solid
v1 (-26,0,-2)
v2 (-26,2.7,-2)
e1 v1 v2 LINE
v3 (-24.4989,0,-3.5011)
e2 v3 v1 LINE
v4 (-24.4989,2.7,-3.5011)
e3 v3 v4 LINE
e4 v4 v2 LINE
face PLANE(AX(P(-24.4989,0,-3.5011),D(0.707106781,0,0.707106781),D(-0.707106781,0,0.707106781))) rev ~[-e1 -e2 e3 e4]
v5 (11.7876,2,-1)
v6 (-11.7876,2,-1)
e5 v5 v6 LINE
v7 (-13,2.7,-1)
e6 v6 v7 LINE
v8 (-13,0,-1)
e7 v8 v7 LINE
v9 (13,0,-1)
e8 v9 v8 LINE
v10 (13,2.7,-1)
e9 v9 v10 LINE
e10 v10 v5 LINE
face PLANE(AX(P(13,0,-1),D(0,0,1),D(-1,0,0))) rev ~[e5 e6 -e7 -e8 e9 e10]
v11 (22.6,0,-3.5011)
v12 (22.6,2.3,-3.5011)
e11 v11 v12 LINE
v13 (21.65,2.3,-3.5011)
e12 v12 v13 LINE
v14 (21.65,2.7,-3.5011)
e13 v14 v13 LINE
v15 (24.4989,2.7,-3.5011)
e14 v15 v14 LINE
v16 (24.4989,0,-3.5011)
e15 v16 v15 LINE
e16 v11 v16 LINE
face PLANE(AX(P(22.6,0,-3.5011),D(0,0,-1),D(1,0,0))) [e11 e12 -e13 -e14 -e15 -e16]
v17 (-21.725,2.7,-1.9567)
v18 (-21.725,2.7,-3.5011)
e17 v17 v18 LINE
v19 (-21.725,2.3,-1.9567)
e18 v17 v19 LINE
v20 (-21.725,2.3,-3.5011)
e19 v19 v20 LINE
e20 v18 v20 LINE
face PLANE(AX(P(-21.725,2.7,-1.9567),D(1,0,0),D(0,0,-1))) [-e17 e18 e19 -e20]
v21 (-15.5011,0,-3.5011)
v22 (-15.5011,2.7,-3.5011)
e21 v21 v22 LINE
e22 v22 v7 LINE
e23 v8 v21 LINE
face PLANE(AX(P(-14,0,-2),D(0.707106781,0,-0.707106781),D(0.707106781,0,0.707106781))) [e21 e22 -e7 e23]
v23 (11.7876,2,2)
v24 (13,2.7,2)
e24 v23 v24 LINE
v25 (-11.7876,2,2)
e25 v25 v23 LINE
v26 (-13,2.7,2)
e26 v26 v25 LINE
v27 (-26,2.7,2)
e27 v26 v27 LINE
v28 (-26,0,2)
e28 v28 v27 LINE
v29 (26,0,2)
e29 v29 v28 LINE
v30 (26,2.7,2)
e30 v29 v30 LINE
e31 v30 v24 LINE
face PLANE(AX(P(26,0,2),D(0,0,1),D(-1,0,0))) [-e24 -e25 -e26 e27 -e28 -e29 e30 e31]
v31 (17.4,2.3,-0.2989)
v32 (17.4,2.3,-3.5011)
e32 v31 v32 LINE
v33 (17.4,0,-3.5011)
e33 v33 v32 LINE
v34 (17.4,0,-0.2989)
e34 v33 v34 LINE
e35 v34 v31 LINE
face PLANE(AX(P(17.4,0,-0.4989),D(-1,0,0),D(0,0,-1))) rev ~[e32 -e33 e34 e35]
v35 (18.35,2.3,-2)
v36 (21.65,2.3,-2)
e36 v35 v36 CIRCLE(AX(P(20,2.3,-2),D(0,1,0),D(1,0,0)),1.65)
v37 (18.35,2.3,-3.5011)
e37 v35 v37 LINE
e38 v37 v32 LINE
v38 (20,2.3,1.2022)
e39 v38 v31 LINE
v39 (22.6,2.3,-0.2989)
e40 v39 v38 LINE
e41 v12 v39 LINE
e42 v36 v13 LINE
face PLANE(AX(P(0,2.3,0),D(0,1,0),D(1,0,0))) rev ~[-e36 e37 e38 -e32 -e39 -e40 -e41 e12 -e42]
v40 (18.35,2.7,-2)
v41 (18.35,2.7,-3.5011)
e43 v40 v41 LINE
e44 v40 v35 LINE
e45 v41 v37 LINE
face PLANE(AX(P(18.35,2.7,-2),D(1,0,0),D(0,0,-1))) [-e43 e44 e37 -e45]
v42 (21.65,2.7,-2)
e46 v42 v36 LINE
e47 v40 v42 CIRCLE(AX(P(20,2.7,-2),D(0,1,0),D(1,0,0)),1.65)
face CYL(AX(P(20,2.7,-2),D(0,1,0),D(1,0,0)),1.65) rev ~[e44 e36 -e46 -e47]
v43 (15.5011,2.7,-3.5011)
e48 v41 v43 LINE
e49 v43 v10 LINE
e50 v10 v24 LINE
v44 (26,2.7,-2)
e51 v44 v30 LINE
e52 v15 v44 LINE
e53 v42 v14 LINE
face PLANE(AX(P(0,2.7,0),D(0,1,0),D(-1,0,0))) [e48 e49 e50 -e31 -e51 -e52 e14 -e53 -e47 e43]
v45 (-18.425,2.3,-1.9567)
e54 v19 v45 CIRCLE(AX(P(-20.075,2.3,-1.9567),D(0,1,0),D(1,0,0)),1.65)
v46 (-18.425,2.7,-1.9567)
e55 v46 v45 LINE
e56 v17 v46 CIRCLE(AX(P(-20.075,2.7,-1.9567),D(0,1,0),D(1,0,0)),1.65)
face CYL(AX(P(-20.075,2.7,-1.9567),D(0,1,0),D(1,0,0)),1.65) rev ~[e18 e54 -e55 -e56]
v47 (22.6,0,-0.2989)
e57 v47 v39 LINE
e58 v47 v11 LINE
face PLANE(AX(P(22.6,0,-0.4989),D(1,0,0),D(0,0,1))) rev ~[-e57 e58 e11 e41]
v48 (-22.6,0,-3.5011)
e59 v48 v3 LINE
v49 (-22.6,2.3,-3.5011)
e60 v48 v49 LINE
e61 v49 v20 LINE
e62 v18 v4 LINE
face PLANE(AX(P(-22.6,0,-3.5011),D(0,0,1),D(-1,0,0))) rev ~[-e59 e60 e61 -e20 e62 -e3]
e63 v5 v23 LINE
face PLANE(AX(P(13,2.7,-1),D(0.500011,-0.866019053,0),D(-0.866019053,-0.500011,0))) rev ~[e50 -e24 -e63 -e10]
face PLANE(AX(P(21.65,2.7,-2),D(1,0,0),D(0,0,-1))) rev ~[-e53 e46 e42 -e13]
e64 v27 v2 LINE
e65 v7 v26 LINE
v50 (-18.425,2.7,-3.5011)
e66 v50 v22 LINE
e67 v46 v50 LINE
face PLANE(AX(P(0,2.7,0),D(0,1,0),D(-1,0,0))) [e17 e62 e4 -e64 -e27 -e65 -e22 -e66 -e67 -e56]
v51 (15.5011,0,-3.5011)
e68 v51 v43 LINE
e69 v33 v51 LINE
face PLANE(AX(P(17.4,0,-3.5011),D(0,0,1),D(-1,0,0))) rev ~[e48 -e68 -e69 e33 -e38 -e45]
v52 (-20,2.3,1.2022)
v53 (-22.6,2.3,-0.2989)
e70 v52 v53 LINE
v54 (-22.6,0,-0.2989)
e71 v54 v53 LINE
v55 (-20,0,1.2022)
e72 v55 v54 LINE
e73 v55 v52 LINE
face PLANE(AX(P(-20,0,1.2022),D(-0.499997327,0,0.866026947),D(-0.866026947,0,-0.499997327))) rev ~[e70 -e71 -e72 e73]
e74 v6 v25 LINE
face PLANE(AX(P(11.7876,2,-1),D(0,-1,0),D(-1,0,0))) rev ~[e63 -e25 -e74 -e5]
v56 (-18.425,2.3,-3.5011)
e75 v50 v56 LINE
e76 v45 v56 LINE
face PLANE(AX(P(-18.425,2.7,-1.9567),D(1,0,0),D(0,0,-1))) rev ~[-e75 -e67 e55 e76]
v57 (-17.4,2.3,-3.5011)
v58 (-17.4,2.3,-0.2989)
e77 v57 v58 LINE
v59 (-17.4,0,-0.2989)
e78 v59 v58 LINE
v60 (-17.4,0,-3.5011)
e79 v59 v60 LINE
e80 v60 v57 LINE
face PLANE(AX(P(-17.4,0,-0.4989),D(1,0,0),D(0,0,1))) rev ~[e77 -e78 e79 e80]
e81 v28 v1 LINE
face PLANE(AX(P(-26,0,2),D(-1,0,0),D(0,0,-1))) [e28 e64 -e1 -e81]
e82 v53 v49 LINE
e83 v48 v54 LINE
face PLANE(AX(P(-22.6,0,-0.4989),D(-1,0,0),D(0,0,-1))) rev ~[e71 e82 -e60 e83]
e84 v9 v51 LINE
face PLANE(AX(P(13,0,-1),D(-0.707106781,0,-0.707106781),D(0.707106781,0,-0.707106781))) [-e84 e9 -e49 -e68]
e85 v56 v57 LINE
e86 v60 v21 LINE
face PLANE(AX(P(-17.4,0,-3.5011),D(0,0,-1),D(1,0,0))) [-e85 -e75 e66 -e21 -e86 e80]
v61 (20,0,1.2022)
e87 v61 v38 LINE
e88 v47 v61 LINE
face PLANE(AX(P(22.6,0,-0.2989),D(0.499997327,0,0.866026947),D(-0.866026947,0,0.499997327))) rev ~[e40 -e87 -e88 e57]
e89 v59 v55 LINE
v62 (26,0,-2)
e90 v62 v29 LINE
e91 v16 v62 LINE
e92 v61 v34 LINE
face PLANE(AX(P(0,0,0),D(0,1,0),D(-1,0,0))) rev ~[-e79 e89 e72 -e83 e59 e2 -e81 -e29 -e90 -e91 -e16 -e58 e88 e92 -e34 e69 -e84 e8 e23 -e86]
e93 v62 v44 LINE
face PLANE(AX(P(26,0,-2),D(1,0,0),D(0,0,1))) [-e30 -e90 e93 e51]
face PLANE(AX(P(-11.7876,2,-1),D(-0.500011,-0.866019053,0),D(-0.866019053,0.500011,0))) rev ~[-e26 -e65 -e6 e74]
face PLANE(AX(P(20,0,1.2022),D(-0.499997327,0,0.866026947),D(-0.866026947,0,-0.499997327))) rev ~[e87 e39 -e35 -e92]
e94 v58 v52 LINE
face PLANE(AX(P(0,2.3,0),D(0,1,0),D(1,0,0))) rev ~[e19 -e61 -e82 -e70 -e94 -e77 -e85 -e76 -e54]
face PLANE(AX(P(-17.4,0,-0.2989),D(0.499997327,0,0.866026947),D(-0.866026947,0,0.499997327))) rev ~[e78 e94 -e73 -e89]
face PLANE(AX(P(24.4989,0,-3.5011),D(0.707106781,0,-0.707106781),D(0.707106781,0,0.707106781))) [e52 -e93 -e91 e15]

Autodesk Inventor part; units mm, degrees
ref_plane "YZ Plane" through (0, 0, 0) normal (1, 0, 0) x (0, 1, 0)
ref_plane "XZ Plane" through (0, 0, 0) normal (0, 1, 0) x (-1, 0, 0)
ref_plane "XY Plane" through (0, 0, 0) normal (0, 0, 1) x (1, 0, 0)
sketch "Náčrt1" plane through (0, 0, 0) normal (0, 1, 0) x (-1, 0, 0)
  line L0 (14, -2) -> (10.9978, 1.0022)
  line L1 (10.9978, 1.0022) -> (-10.9978, 1.0022)
  line L2 (-10.9978, 1.0022) -> (-14, -2)
  line L3 (-14, -2) -> (-26, -2)
  line L4 (-26, -2) -> (-26, 2)
  line L5 (-26, 2) -> (26, 2)
  line L6 (26, 2) -> (26, -2)
  line L7 (26, -2) -> (14, -2)
  line L8 (20, 1.0022) -> (22.6, -0.4989)
  line L9 (22.6, -0.4989) -> (22.6, -3.5011)
  line L10 (22.6, -3.5011) -> (20, -5.0022)
  line L11 (20, -5.0022) -> (17.4, -3.5011)
  line L12 (17.4, -3.5011) -> (17.4, -0.4989)
  line L13 (17.4, -0.4989) -> (20, 1.0022)
  line L14 (-20, 1.0022) -> (-17.4, -0.4989)
  line L15 (-17.4, -0.4989) -> (-17.4, -3.5011)
  line L16 (-17.4, -3.5011) -> (-20, -5.0022)
  line L17 (-20, -5.0022) -> (-22.6, -3.5011)
  line L18 (-22.6, -3.5011) -> (-22.6, -0.4989)
  line L19 (-22.6, -0.4989) -> (-20, 1.0022)
  line L20 (26, 2) -> (0, 0) construction
  line L21 (0, 0) -> (-26, 2) construction
  line L22 (26, -2) -> (0, 0) construction
  line L23 (-17.4, -3.5011) -> (-15.5011, -3.5011)
  line L24 (-15.5011, -3.5011) -> (-14, -2)
  line L25 (17.4, -3.5011) -> (15.5011, -3.5011)
  line L26 (15.5011, -3.5011) -> (14, -2)
  line L27 (-22.6, -3.5011) -> (-24.4989, -3.5011)
  line L28 (-24.4989, -3.5011) -> (-26, -2)
  line L29 (22.6, -3.5011) -> (24.4989, -3.5011)
  line L30 (24.4989, -3.5011) -> (26, -2)
  line L31 (-13, -1) -> (13, -1)
  line L32 (-22.6, -0.4989) -> (-22.6, -0.2989)
  line L33 (-22.6, -0.2989) -> (-20, 1.2022)
  line L34 (-20, 1.2022) -> (-17.4, -0.2989)
  line L35 (-17.4, -0.2989) -> (-17.4, -0.4989)
  line L36 (17.4, -0.4989) -> (17.4, -0.2989)
  line L37 (17.4, -0.2989) -> (20, 1.2022)
  line L38 (20, 1.2022) -> (22.6, -0.2989)
  line L39 (22.6, -0.2989) -> (22.6, -0.4989)
  point P0 (20, -2)
  point P1 (-20, -2)
  dimension "d0" = 5.2
  dimension "d1" = 40
  dimension "d4" = 4
  dimension "d6" = 45
  dimension "d7" = 1
  dimension "d8" = 52
  dimension "d19" = 0.2
  dimension "d20" = 0.2
extrude "Vysunutí1" add sketch "Náčrt1" along normal blind 2.7 contours L0 L1 L2 L3 L15 L35 L34 L33 L32 L18 L4 L5 L6 L7 L9 L39 L38 L37 L36 L12 | L7 L12 L25 L26 | L31 L2 L1 L0 | L7 L30 L29 L9 | L24 L23 L15 L3 | L18 L27 L28 L3
sketch "Náčrt2" plane through (0, 2.7, 0) normal (0, 1, 0) x (1, 0, 0)
  line L0 (-13, 1) -> (-15.5011, 3.5011) projected
  line L1 (-15.5011, 3.5011) -> (-17.4, 3.5011) projected
  line L2 (-17.4, 3.5011) -> (-17.4, 0.2989) projected
  line L3 (-22.6, 0.2989) -> (-22.6, 3.5011) projected
  line L4 (-22.6, 3.5011) -> (-24.4989, 3.5011) projected
  line L5 (-24.4989, 3.5011) -> (-26, 2) projected
  line L6 (-26, 2) -> (-26, -2) projected
  line L7 (-26, -2) -> (26, -2) projected
  line L8 (26, -2) -> (26, 2) projected
  line L9 (26, 2) -> (24.4989, 3.5011) projected
  line L10 (24.4989, 3.5011) -> (22.6, 3.5011) projected
  line L11 (22.6, 3.5011) -> (22.6, 0.2989) projected
  line L12 (17.4, 0.2989) -> (17.4, 3.5011) projected
  line L13 (17.4, 3.5011) -> (15.5011, 3.5011) projected
  line L14 (15.5011, 3.5011) -> (13, 1) projected
  line L15 (13, 1) -> (-13, 1) projected
  circle A0 centre (-20.075, 1.9567) radius 1.65
  circle A1 centre (20, 2) radius 1.65
  line L16 (-22.75, 0.4123) -> (-20.075, 1.9567) construction
  line L17 (-20.075, 1.9567) -> (-17.4, 0.4123) construction
  line L18 (-20.075, 1.9567) -> (-20.075, -1.1321) construction
  line L19 (20, 2) -> (22.675, 0.4556) construction
  line L20 (20, -1.0888) -> (20, 2) construction
  line L21 (17.325, 0.4556) -> (20, 2) construction
  line L22 (-22.6, 3.5011) -> (-17.4, 3.5011)
  line L23 (22.6, 3.5011) -> (17.4, 3.5011)
  line L24 (18.35, 2) -> (18.35, 3.5011)
  line L25 (21.65, 2) -> (21.65, 3.5011)
  line L26 (-18.425, 1.9567) -> (-18.425, 3.5011)
  line L27 (-21.725, 1.9567) -> (-21.725, 3.5011)
  line L28 (-17.4, 0.2989) -> (-20, -1.2022) projected
  line L29 (-20, -1.2022) -> (-22.6, 0.2989) projected
  line L30 (22.6, 0.2989) -> (20, -1.2022) projected
  line L31 (20, -1.2022) -> (17.4, 0.2989) projected
  point P0 (0, 0)
  point P1 (19.315, 3.5011)
  point P2 (20.685, 3.5011)
  point P3 (-20.6558, 3.5011)
  point P4 (-19.4942, 3.5011)
  dimension "d11" = 3.3
extrude "Vysunutí2" add sketch "Náčrt2" against normal blind 0.4 contours L2 L28 L29 L3 L22 L27 A0 L26 | L23 L24 A1 L25 L11 L30 L31 L12
sketch "Náčrt3" plane through (13, 0, -1) normal (0, 0, -1) x (-1, 0, 0)
  line L0 (0, 0) -> (26, 0) projected
  line L1 (26, 0) -> (26, 2.7) projected
  line L2 (0, 2.7) -> (26, 2.7) projected
  line L3 (0, 0) -> (0, 2.7) projected
  line L4 (0, 2.7) -> (1.2124, 2)
  line L5 (1.2124, 2) -> (24.7876, 2)
  line L6 (24.7876, 2) -> (26, 2.7)
  point P0 (13, 0)
  dimension "d14" = 2
  dimension "d16" = 60
extrude "Vysunutí3" cut sketch "Náčrt3" against normal through all contours L2 L6 L5 L4
properties part number "miniboard nutt holder"
